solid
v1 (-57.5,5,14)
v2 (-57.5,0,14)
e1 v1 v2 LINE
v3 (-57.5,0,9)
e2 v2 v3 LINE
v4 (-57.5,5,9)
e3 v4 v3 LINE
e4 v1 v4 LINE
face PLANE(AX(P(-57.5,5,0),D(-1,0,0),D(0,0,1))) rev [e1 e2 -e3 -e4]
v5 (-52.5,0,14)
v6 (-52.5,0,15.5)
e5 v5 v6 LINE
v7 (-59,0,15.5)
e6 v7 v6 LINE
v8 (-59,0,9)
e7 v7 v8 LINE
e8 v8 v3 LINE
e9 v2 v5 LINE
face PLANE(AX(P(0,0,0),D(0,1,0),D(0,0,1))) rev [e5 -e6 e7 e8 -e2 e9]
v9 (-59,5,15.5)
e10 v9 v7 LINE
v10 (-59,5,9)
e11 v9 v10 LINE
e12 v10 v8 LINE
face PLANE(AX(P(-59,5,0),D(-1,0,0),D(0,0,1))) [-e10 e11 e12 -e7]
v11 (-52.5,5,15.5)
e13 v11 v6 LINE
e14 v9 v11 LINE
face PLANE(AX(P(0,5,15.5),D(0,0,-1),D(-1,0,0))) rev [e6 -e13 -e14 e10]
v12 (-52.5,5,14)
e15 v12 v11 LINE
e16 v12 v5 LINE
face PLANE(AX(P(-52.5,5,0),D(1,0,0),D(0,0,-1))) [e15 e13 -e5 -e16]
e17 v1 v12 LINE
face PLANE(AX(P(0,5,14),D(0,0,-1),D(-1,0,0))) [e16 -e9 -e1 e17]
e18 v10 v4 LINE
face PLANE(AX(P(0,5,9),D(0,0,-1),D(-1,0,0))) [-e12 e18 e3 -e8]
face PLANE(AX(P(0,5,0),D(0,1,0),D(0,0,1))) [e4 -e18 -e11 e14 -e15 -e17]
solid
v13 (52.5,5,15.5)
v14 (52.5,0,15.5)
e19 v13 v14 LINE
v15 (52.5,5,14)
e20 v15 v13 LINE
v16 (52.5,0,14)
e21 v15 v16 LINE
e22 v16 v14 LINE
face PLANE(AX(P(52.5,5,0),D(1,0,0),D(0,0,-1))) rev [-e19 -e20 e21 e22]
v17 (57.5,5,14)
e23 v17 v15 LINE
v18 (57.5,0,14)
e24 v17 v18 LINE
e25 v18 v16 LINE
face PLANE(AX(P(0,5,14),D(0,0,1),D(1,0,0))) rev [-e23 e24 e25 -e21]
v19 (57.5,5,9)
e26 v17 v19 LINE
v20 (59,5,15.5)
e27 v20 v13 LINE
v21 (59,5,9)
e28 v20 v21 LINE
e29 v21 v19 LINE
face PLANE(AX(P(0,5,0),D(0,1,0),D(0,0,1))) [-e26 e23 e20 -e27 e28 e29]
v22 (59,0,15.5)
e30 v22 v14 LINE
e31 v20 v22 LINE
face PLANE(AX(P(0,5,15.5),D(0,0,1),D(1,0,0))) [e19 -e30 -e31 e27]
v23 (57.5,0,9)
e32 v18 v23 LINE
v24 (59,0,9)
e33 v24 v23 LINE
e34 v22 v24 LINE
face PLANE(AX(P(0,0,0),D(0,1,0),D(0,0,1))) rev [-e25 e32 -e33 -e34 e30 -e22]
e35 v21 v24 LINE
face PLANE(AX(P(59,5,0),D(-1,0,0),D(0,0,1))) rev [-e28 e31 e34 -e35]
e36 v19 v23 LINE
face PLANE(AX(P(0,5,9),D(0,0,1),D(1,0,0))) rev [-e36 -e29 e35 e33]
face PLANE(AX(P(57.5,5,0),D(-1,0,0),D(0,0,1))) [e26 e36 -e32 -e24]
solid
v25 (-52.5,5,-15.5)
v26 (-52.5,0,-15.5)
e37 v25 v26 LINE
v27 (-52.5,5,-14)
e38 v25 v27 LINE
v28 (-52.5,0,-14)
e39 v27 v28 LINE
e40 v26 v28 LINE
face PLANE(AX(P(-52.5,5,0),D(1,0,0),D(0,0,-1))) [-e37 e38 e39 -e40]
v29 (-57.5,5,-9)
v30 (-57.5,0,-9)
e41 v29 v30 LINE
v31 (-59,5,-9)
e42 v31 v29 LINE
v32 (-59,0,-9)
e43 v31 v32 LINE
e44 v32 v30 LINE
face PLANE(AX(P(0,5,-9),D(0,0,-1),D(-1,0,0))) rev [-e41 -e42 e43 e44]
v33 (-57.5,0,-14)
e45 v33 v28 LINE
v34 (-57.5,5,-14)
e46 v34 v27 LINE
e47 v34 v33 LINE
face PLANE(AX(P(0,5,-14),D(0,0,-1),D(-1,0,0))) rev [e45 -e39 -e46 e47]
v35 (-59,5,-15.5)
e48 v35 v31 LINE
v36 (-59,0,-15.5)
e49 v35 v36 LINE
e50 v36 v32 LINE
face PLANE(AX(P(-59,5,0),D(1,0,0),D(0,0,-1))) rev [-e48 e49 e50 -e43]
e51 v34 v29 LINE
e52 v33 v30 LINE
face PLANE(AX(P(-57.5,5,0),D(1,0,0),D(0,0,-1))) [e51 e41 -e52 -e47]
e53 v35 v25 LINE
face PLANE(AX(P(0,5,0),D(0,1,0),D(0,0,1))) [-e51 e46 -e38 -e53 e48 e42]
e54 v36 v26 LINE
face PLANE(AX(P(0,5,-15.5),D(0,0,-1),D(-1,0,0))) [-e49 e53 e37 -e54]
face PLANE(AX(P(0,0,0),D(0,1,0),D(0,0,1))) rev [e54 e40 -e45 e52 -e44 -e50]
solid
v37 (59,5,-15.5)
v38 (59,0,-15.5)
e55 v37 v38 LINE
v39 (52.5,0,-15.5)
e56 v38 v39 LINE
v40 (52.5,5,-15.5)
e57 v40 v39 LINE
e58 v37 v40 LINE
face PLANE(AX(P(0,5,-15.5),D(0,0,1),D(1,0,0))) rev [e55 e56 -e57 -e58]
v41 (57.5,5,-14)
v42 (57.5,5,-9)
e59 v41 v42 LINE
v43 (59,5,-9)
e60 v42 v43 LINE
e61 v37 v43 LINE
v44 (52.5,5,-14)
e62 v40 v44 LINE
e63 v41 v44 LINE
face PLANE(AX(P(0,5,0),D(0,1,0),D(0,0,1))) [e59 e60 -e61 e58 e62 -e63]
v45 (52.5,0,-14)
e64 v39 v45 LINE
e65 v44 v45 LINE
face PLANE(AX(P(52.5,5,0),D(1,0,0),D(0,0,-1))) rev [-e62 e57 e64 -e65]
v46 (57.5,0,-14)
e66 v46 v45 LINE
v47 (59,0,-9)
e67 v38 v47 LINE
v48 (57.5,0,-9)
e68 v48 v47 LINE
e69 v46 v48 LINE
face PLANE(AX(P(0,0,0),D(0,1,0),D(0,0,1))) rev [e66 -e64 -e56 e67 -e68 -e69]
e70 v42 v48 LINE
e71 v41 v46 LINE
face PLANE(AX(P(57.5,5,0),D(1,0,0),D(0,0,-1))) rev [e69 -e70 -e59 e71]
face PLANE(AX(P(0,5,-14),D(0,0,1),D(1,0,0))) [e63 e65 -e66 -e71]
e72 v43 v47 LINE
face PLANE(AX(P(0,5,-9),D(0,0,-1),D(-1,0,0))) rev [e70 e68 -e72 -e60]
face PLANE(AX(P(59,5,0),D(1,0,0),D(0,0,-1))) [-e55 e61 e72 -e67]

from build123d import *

# Parameters (mm, degrees)
BOSS_EXTRUDE1_DEPTH   = 5
BOSS_EXTRUDE1_2_DEPTH = 5
BOSS_EXTRUDE1_3_DEPTH = 5
BOSS_EXTRUDE1_4_DEPTH = 5


with BuildPart() as part:
    # Sketch1 → Boss-Extrude1 (new body)
    with BuildSketch(Plane(origin=(0, 0, 0), x_dir=(1, 0, 0), z_dir=(0, 1, 0))):
        Polygon((-57.5, 9), (-57.5, 14), (-52.5, 14), (-52.5, 15.5), (-59, 15.5), (-59, 9), align=None)
    extrude(amount=BOSS_EXTRUDE1_DEPTH)


with BuildPart() as body_2:
    # Sketch1 → Boss-Extrude1 2 (new body)
    with BuildSketch(Plane(origin=(0, 0, 0), x_dir=(1, 0, 0), z_dir=(0, 1, 0))):
        Polygon((52.5, 14), (57.5, 14), (57.5, 9), (59, 9), (59, 15.5), (52.5, 15.5), align=None)
    extrude(amount=BOSS_EXTRUDE1_2_DEPTH)


with BuildPart() as body_3:
    # Sketch1 → Boss-Extrude1 3 (new body)
    with BuildSketch(Plane(origin=(0, 0, 0), x_dir=(1, 0, 0), z_dir=(0, 1, 0))):
        Polygon((57.5, -9), (57.5, -14), (52.5, -14), (52.5, -15.5), (59, -15.5), (59, -9), align=None)
    extrude(amount=BOSS_EXTRUDE1_3_DEPTH)


with BuildPart() as body_4:
    # Sketch1 → Boss-Extrude1 4 (new body)
    with BuildSketch(Plane(origin=(0, 0, 0), x_dir=(1, 0, 0), z_dir=(0, 1, 0))):
        Polygon((-52.5, -14), (-57.5, -14), (-57.5, -9), (-59, -9), (-59, -15.5), (-52.5, -15.5), align=None)
    extrude(amount=BOSS_EXTRUDE1_4_DEPTH)


solid = Compound([part.part, body_2.part, body_3.part, body_4.part])
